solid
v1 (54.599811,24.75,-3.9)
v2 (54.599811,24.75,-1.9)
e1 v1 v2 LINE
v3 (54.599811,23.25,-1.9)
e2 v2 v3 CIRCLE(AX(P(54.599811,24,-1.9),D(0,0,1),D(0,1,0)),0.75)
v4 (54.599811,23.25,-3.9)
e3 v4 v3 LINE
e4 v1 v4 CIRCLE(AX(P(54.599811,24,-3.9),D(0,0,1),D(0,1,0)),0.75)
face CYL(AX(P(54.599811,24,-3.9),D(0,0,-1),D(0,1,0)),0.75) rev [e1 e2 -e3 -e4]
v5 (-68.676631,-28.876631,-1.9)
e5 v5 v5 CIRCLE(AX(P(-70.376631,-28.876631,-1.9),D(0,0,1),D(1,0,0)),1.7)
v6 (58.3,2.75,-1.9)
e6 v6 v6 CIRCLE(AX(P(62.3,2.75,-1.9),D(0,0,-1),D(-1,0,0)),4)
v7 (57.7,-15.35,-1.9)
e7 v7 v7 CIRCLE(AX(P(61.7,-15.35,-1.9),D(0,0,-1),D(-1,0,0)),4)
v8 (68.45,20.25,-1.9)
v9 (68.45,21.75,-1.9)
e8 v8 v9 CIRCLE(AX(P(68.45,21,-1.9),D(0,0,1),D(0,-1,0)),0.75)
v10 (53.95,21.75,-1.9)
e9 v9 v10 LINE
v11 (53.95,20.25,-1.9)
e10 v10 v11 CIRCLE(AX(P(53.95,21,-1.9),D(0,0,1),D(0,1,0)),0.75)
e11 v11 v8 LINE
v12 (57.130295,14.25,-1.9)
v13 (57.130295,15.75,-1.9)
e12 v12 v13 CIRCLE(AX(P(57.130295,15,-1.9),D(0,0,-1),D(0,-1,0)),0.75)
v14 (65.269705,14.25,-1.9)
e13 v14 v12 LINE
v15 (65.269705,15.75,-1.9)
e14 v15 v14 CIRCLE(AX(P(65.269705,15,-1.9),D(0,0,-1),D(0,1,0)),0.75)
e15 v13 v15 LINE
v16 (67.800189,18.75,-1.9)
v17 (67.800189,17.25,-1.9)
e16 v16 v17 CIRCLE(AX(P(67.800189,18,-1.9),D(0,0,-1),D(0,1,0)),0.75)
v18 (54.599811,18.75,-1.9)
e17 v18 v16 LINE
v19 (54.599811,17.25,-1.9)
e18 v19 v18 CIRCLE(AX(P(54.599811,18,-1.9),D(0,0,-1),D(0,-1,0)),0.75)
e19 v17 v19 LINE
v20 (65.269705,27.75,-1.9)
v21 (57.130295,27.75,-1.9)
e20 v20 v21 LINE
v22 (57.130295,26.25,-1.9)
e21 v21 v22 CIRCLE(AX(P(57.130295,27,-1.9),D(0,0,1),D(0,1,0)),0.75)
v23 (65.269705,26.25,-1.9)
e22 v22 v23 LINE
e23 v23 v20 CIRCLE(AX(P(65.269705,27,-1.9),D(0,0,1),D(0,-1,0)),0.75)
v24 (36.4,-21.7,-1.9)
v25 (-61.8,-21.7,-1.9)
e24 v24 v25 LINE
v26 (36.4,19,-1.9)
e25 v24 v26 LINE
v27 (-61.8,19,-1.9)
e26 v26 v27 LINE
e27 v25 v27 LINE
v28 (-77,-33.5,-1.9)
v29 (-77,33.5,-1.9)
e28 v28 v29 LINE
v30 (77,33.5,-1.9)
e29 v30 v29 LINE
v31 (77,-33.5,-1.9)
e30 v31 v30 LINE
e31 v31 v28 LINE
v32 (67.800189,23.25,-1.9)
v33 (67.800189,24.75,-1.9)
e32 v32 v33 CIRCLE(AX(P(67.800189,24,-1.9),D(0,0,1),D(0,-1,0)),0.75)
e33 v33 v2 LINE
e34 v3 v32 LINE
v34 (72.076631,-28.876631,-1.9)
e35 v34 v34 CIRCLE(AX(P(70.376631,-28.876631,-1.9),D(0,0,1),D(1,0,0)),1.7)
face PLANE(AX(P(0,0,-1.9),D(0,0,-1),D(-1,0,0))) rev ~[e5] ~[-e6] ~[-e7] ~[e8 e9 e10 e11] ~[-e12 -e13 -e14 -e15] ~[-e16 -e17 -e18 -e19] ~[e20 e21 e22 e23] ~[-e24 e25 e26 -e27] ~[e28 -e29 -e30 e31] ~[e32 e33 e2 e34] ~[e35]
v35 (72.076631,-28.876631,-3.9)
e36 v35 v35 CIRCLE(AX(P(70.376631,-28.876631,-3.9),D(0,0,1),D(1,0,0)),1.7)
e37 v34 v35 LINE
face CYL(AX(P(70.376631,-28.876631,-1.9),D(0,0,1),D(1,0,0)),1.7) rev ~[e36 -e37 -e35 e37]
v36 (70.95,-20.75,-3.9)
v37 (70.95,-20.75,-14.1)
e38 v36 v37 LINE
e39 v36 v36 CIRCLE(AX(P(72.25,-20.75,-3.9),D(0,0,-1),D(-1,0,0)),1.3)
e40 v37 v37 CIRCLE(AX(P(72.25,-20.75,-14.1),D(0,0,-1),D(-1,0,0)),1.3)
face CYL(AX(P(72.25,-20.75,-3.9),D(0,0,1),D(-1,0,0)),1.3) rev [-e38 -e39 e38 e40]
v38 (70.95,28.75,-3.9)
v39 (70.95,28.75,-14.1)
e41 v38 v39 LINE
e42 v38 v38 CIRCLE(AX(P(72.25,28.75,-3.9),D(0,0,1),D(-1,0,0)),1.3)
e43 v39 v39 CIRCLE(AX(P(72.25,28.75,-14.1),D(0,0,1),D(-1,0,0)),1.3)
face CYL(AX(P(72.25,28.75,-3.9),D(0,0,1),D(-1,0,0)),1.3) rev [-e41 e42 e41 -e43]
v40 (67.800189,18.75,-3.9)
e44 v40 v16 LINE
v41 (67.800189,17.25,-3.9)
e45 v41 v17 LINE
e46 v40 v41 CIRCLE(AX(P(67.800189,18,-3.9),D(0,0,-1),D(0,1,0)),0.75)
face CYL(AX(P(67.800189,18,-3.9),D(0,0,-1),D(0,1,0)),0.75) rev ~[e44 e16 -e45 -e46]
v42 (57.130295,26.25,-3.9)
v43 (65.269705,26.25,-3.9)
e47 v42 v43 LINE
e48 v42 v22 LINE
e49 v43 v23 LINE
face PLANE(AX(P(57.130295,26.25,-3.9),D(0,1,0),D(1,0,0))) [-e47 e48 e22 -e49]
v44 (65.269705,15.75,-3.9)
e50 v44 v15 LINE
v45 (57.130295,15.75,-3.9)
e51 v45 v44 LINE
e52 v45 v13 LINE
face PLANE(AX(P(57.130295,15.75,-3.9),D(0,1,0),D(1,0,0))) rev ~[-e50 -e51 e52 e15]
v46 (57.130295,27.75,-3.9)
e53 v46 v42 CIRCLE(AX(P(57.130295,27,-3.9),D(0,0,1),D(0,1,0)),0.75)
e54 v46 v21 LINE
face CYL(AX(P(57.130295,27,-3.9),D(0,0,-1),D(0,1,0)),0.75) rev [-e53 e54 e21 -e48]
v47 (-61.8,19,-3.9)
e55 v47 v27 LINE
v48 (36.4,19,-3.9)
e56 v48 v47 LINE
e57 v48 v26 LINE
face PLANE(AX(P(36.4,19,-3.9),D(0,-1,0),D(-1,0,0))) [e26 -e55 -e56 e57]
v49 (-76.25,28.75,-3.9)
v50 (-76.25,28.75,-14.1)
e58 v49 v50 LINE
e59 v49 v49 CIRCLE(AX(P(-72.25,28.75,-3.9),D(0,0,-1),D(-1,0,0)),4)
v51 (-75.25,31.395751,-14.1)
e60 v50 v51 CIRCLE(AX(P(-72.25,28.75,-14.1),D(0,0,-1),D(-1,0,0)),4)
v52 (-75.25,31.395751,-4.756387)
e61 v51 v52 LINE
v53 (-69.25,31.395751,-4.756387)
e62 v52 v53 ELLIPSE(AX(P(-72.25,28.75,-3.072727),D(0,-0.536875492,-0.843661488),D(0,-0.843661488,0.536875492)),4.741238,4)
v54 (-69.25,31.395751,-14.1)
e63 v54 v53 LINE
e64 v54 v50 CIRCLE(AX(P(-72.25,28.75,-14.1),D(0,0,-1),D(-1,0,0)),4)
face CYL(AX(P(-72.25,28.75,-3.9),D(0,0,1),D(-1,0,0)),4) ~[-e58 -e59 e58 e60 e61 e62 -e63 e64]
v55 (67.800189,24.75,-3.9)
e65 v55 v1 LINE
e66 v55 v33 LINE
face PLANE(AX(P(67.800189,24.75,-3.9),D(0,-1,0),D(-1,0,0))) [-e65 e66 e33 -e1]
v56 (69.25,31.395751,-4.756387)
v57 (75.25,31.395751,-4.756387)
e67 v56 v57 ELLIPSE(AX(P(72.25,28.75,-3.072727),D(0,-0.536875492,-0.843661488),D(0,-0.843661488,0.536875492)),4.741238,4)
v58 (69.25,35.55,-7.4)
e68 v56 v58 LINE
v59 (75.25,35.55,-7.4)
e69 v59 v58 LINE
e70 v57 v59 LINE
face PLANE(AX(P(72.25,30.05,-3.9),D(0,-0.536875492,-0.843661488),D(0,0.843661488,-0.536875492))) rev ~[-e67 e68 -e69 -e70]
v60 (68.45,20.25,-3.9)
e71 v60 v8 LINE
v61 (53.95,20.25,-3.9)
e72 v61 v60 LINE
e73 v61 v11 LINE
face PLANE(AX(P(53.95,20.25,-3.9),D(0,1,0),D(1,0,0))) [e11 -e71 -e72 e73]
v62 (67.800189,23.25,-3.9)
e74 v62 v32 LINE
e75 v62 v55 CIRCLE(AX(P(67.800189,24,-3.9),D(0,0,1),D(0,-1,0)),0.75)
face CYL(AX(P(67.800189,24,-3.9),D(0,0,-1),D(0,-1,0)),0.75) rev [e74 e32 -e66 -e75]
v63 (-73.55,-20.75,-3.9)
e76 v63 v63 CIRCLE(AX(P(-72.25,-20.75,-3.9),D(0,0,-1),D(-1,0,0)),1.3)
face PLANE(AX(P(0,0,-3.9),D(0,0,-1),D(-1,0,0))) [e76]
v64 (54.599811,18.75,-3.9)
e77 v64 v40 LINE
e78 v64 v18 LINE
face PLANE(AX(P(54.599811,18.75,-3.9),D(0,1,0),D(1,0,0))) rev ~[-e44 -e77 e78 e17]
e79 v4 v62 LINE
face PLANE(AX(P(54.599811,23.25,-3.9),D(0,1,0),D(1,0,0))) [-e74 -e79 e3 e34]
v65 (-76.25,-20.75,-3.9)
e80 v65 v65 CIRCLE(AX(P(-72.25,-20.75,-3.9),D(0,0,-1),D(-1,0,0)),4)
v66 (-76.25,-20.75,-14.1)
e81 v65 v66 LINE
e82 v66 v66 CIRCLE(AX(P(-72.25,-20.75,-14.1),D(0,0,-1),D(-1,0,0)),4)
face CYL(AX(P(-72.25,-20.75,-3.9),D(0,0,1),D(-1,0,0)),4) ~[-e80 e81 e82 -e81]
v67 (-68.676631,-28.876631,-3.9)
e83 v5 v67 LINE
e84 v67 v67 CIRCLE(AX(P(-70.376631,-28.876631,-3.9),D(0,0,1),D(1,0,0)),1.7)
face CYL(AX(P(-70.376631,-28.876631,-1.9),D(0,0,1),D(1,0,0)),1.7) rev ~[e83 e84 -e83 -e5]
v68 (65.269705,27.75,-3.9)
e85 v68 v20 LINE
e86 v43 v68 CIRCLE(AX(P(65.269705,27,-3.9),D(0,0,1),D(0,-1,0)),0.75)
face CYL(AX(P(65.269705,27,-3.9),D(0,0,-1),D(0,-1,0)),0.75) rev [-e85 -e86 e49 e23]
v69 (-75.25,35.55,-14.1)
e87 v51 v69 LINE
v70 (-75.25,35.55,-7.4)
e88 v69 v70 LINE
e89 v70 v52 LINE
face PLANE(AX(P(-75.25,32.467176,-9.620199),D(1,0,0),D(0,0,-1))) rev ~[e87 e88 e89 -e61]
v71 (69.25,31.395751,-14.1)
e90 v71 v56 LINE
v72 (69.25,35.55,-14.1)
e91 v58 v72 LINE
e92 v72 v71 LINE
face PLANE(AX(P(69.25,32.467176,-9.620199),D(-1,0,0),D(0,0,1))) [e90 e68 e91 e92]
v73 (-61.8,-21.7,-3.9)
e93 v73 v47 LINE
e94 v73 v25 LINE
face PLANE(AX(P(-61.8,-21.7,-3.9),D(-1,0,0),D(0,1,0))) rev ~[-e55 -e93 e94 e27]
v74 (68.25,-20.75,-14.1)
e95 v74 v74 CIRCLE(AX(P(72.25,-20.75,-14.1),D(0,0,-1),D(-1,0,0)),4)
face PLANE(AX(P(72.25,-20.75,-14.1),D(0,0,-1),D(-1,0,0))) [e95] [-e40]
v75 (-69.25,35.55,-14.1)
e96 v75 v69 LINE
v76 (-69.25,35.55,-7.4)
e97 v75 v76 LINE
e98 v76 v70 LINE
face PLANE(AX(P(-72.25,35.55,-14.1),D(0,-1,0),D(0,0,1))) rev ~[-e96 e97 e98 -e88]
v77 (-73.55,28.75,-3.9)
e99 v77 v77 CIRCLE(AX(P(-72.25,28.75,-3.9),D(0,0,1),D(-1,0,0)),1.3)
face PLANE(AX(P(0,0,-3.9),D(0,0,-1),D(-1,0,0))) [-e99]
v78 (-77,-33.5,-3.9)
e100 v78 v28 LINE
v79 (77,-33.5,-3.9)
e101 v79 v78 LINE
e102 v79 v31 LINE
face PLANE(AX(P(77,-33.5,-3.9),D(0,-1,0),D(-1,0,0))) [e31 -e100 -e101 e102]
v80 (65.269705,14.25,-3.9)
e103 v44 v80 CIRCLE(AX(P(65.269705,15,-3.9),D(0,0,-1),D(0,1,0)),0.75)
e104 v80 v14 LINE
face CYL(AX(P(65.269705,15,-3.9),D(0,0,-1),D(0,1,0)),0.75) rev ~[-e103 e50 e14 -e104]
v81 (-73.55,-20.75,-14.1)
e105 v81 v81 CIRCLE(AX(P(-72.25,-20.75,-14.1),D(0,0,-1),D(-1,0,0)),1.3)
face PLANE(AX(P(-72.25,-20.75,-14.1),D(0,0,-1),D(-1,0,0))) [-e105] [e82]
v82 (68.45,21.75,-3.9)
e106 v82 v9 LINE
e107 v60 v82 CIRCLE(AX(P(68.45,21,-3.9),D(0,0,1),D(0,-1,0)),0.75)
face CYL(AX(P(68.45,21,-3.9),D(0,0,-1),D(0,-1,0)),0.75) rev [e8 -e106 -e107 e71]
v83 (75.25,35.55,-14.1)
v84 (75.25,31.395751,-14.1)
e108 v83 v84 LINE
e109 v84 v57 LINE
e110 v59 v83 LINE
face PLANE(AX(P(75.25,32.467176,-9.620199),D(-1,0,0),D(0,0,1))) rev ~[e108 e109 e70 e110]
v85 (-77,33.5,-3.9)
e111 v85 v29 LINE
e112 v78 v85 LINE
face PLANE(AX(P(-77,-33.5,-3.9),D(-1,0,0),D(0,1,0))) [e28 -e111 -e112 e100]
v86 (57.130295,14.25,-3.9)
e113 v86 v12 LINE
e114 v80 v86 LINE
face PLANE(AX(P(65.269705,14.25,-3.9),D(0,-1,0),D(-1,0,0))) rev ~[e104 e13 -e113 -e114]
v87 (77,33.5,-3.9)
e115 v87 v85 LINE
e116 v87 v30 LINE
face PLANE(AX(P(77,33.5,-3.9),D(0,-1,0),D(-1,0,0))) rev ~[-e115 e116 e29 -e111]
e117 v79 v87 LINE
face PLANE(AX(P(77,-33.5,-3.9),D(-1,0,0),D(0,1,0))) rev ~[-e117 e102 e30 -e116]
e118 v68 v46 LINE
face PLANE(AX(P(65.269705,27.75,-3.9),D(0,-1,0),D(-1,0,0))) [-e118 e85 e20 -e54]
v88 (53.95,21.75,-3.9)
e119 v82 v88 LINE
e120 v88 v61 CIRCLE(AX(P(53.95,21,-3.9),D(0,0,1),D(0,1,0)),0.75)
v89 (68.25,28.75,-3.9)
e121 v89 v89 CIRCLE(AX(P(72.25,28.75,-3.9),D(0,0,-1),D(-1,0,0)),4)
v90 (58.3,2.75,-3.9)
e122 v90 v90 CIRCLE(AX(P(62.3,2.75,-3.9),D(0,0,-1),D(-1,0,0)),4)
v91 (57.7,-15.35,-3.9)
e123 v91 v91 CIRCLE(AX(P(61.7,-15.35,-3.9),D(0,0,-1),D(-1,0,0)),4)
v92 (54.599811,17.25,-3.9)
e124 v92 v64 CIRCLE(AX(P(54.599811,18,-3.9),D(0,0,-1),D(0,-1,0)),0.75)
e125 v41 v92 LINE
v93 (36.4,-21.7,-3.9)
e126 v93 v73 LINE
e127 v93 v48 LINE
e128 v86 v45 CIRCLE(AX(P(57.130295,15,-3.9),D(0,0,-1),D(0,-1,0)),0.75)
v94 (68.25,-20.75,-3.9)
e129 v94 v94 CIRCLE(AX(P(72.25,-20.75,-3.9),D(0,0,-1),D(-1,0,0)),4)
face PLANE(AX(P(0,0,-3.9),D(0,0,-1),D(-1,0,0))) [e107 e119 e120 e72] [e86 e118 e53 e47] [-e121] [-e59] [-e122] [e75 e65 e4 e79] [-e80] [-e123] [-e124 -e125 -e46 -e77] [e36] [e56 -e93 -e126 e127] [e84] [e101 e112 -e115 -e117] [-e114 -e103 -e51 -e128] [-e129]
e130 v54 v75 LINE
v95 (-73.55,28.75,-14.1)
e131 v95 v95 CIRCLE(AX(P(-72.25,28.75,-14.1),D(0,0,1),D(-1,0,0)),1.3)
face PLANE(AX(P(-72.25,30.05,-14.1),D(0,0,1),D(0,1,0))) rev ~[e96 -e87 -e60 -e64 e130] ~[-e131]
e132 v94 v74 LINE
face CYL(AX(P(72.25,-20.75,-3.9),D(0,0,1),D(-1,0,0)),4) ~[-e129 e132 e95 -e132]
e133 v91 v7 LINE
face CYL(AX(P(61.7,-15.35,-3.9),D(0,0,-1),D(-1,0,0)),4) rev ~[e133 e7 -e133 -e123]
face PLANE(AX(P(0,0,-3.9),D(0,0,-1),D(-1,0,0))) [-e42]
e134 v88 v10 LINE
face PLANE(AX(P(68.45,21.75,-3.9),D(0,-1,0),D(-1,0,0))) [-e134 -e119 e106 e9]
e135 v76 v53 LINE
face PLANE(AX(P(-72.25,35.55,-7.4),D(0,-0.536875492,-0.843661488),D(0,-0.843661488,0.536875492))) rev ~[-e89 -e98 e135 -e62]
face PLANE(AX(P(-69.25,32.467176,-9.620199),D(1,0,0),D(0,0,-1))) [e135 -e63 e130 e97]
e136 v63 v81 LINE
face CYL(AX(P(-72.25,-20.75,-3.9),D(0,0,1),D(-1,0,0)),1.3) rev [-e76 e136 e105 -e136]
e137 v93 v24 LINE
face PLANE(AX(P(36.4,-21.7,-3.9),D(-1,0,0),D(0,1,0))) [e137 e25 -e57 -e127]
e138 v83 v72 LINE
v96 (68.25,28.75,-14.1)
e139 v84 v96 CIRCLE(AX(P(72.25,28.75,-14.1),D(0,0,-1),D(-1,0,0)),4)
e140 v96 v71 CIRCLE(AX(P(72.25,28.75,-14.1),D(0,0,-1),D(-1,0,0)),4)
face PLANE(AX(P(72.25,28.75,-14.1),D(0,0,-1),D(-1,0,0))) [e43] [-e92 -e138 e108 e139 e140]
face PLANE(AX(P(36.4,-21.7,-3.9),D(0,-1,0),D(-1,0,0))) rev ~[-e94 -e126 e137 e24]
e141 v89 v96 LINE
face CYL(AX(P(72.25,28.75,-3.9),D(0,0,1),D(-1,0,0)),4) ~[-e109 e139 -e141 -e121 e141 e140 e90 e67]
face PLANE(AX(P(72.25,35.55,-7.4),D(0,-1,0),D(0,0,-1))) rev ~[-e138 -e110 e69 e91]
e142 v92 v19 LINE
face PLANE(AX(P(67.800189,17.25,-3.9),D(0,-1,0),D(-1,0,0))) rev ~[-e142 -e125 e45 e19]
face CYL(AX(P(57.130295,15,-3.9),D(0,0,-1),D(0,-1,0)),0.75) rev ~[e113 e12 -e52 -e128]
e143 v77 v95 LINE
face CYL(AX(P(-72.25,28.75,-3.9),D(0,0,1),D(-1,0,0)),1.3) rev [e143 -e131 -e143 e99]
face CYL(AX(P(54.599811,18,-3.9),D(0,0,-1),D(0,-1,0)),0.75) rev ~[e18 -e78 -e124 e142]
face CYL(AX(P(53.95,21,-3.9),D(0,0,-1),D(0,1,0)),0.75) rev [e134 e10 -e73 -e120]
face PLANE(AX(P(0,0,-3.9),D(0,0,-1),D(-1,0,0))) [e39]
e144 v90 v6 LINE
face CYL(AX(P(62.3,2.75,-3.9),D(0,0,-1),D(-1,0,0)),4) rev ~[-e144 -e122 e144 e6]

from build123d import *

# Parameters (mm, degrees)
SKETCH1_W           = 154
SKETCH1_H           = 67
SKETCH1_R           = 4
SKETCH1_W_2         = 98.2
SKETCH1_H_2         = 40.7
BOSS_EXTRUDE1_DEPTH = 2
SKETCH2_R           = 4
SKETCH2_R_2         = 1.3
BOSS_EXTRUDE2_DEPTH = 10.2
BOSS_EXTRUDE3_DEPTH = 3
BOSS_EXTRUDE4_DEPTH = 3
SKETCH4_R           = 1.7
CUT_EXTRUDE1_DEPTH  = 2


with BuildPart() as part:
    # Sketch1 → Boss-Extrude1 (new body)
    with BuildSketch(Plane(origin=(0, 0, -3.9), x_dir=(-1, 0, 0), z_dir=(0, 0, -1))):
        Rectangle(SKETCH1_W, SKETCH1_H)
        with Locations((-61.7, -15.35)):
            Circle(SKETCH1_R, mode=Mode.SUBTRACT)
        with Locations((-62.3, 2.75)):
            Circle(SKETCH1_R, mode=Mode.SUBTRACT)
        with BuildLine():
            Line((-57.130294851, 15.75), (-65.269705149, 15.75))
            ThreePointArc((-65.269705149, 15.75), (-66.019705149, 15), (-65.269705149, 14.25))
            Line((-65.269705149, 14.25), (-57.130294851, 14.25))
            ThreePointArc((-57.130294851, 14.25), (-56.380294851, 15), (-57.130294851, 15.75))
        make_face(mode=Mode.SUBTRACT)
        with BuildLine():
            Line((-65.269705149, 27.75), (-57.130294851, 27.75))
            ThreePointArc((-57.130294851, 27.75), (-56.380294851, 27), (-57.130294851, 26.25))
            Line((-57.130294851, 26.25), (-65.269705149, 26.25))
            ThreePointArc((-65.269705149, 26.25), (-66.019705149, 27), (-65.269705149, 27.75))
        make_face(mode=Mode.SUBTRACT)
        with BuildLine():
            Line((-68.45, 21.75), (-53.95, 21.75))
            ThreePointArc((-53.95, 21.75), (-53.2, 21), (-53.95, 20.25))
            Line((-53.95, 20.25), (-68.45, 20.25))
            ThreePointArc((-68.45, 20.25), (-69.2, 21), (-68.45, 21.75))
        make_face(mode=Mode.SUBTRACT)
        with BuildLine():
            Line((-54.599810609, 18.75), (-67.800189391, 18.75))
            ThreePointArc((-67.800189391, 18.75), (-68.550189391, 18), (-67.800189391, 17.25))
            Line((-67.800189391, 17.25), (-54.599810609, 17.25))
            ThreePointArc((-54.599810609, 17.25), (-53.849810609, 18), (-54.599810609, 18.75))
        make_face(mode=Mode.SUBTRACT)
        with BuildLine():
            Line((-54.599810609, 23.25), (-67.800189391, 23.25))
            ThreePointArc((-67.800189391, 23.25), (-68.550189391, 24), (-67.800189391, 24.75))
            Line((-67.800189391, 24.75), (-54.599810609, 24.75))
            ThreePointArc((-54.599810609, 24.75), (-53.849810609, 24), (-54.599810609, 23.25))
        make_face(mode=Mode.SUBTRACT)
        with Locations((12.7, -1.35)):
            Rectangle(SKETCH1_W_2, SKETCH1_H_2, mode=Mode.SUBTRACT)
    extrude(amount=-BOSS_EXTRUDE1_DEPTH)

    # Sketch2 → Boss-Extrude2 (add)
    with BuildSketch(Plane(origin=(0, 0, -3.9), x_dir=(-1, 0, 0), z_dir=(0, 0, -1))):
        with Locations((-72.25, 28.75)):
            Circle(SKETCH2_R)
        with Locations((-72.25, 28.75)):
            Circle(SKETCH2_R_2, mode=Mode.SUBTRACT)
        with Locations((-72.25, -20.75)):
            Circle(SKETCH2_R)
        with Locations((-72.25, -20.75)):
            Circle(SKETCH2_R_2, mode=Mode.SUBTRACT)
        with Locations((72.25, -20.75)):
            Circle(SKETCH2_R)
        with Locations((72.25, -20.75)):
            Circle(SKETCH2_R_2, mode=Mode.SUBTRACT)
        with Locations((72.25, 28.75)):
            Circle(SKETCH2_R)
        with Locations((72.25, 28.75)):
            Circle(SKETCH2_R_2, mode=Mode.SUBTRACT)
    extrude(amount=BOSS_EXTRUDE2_DEPTH)

    # Sketch3 → Boss-Extrude3 (add, symmetric)
    with BuildSketch(Plane.ZY.offset(72.25)):
        Polygon((-7.4, 35.55), (-3.9, 30.05), (-14.1, 30.05), (-14.1, 35.55), align=None)
    extrude(amount=BOSS_EXTRUDE3_DEPTH, both=True)

    # Sketch5 → Boss-Extrude4 (add, symmetric)
    with BuildSketch(Plane(origin=(72.25, 0, 0), x_dir=(0, 0, -1), z_dir=(1, 0, 0))):
        Polygon((3.9, 30.05), (7.4, 35.55), (14.1, 35.55), (14.1, 30.05), align=None)
    extrude(amount=BOSS_EXTRUDE4_DEPTH, both=True)

    # Sketch4 → Cut-Extrude1 (cut)
    with BuildSketch(Plane.XY.offset(-1.9)):
        with Locations((-70.376631043, -28.876631043)):
            Circle(SKETCH4_R)
        with Locations((70.376631043, -28.876631043)):
            Circle(SKETCH4_R)
    extrude(amount=-CUT_EXTRUDE1_DEPTH, mode=Mode.SUBTRACT)


solid = part.part
